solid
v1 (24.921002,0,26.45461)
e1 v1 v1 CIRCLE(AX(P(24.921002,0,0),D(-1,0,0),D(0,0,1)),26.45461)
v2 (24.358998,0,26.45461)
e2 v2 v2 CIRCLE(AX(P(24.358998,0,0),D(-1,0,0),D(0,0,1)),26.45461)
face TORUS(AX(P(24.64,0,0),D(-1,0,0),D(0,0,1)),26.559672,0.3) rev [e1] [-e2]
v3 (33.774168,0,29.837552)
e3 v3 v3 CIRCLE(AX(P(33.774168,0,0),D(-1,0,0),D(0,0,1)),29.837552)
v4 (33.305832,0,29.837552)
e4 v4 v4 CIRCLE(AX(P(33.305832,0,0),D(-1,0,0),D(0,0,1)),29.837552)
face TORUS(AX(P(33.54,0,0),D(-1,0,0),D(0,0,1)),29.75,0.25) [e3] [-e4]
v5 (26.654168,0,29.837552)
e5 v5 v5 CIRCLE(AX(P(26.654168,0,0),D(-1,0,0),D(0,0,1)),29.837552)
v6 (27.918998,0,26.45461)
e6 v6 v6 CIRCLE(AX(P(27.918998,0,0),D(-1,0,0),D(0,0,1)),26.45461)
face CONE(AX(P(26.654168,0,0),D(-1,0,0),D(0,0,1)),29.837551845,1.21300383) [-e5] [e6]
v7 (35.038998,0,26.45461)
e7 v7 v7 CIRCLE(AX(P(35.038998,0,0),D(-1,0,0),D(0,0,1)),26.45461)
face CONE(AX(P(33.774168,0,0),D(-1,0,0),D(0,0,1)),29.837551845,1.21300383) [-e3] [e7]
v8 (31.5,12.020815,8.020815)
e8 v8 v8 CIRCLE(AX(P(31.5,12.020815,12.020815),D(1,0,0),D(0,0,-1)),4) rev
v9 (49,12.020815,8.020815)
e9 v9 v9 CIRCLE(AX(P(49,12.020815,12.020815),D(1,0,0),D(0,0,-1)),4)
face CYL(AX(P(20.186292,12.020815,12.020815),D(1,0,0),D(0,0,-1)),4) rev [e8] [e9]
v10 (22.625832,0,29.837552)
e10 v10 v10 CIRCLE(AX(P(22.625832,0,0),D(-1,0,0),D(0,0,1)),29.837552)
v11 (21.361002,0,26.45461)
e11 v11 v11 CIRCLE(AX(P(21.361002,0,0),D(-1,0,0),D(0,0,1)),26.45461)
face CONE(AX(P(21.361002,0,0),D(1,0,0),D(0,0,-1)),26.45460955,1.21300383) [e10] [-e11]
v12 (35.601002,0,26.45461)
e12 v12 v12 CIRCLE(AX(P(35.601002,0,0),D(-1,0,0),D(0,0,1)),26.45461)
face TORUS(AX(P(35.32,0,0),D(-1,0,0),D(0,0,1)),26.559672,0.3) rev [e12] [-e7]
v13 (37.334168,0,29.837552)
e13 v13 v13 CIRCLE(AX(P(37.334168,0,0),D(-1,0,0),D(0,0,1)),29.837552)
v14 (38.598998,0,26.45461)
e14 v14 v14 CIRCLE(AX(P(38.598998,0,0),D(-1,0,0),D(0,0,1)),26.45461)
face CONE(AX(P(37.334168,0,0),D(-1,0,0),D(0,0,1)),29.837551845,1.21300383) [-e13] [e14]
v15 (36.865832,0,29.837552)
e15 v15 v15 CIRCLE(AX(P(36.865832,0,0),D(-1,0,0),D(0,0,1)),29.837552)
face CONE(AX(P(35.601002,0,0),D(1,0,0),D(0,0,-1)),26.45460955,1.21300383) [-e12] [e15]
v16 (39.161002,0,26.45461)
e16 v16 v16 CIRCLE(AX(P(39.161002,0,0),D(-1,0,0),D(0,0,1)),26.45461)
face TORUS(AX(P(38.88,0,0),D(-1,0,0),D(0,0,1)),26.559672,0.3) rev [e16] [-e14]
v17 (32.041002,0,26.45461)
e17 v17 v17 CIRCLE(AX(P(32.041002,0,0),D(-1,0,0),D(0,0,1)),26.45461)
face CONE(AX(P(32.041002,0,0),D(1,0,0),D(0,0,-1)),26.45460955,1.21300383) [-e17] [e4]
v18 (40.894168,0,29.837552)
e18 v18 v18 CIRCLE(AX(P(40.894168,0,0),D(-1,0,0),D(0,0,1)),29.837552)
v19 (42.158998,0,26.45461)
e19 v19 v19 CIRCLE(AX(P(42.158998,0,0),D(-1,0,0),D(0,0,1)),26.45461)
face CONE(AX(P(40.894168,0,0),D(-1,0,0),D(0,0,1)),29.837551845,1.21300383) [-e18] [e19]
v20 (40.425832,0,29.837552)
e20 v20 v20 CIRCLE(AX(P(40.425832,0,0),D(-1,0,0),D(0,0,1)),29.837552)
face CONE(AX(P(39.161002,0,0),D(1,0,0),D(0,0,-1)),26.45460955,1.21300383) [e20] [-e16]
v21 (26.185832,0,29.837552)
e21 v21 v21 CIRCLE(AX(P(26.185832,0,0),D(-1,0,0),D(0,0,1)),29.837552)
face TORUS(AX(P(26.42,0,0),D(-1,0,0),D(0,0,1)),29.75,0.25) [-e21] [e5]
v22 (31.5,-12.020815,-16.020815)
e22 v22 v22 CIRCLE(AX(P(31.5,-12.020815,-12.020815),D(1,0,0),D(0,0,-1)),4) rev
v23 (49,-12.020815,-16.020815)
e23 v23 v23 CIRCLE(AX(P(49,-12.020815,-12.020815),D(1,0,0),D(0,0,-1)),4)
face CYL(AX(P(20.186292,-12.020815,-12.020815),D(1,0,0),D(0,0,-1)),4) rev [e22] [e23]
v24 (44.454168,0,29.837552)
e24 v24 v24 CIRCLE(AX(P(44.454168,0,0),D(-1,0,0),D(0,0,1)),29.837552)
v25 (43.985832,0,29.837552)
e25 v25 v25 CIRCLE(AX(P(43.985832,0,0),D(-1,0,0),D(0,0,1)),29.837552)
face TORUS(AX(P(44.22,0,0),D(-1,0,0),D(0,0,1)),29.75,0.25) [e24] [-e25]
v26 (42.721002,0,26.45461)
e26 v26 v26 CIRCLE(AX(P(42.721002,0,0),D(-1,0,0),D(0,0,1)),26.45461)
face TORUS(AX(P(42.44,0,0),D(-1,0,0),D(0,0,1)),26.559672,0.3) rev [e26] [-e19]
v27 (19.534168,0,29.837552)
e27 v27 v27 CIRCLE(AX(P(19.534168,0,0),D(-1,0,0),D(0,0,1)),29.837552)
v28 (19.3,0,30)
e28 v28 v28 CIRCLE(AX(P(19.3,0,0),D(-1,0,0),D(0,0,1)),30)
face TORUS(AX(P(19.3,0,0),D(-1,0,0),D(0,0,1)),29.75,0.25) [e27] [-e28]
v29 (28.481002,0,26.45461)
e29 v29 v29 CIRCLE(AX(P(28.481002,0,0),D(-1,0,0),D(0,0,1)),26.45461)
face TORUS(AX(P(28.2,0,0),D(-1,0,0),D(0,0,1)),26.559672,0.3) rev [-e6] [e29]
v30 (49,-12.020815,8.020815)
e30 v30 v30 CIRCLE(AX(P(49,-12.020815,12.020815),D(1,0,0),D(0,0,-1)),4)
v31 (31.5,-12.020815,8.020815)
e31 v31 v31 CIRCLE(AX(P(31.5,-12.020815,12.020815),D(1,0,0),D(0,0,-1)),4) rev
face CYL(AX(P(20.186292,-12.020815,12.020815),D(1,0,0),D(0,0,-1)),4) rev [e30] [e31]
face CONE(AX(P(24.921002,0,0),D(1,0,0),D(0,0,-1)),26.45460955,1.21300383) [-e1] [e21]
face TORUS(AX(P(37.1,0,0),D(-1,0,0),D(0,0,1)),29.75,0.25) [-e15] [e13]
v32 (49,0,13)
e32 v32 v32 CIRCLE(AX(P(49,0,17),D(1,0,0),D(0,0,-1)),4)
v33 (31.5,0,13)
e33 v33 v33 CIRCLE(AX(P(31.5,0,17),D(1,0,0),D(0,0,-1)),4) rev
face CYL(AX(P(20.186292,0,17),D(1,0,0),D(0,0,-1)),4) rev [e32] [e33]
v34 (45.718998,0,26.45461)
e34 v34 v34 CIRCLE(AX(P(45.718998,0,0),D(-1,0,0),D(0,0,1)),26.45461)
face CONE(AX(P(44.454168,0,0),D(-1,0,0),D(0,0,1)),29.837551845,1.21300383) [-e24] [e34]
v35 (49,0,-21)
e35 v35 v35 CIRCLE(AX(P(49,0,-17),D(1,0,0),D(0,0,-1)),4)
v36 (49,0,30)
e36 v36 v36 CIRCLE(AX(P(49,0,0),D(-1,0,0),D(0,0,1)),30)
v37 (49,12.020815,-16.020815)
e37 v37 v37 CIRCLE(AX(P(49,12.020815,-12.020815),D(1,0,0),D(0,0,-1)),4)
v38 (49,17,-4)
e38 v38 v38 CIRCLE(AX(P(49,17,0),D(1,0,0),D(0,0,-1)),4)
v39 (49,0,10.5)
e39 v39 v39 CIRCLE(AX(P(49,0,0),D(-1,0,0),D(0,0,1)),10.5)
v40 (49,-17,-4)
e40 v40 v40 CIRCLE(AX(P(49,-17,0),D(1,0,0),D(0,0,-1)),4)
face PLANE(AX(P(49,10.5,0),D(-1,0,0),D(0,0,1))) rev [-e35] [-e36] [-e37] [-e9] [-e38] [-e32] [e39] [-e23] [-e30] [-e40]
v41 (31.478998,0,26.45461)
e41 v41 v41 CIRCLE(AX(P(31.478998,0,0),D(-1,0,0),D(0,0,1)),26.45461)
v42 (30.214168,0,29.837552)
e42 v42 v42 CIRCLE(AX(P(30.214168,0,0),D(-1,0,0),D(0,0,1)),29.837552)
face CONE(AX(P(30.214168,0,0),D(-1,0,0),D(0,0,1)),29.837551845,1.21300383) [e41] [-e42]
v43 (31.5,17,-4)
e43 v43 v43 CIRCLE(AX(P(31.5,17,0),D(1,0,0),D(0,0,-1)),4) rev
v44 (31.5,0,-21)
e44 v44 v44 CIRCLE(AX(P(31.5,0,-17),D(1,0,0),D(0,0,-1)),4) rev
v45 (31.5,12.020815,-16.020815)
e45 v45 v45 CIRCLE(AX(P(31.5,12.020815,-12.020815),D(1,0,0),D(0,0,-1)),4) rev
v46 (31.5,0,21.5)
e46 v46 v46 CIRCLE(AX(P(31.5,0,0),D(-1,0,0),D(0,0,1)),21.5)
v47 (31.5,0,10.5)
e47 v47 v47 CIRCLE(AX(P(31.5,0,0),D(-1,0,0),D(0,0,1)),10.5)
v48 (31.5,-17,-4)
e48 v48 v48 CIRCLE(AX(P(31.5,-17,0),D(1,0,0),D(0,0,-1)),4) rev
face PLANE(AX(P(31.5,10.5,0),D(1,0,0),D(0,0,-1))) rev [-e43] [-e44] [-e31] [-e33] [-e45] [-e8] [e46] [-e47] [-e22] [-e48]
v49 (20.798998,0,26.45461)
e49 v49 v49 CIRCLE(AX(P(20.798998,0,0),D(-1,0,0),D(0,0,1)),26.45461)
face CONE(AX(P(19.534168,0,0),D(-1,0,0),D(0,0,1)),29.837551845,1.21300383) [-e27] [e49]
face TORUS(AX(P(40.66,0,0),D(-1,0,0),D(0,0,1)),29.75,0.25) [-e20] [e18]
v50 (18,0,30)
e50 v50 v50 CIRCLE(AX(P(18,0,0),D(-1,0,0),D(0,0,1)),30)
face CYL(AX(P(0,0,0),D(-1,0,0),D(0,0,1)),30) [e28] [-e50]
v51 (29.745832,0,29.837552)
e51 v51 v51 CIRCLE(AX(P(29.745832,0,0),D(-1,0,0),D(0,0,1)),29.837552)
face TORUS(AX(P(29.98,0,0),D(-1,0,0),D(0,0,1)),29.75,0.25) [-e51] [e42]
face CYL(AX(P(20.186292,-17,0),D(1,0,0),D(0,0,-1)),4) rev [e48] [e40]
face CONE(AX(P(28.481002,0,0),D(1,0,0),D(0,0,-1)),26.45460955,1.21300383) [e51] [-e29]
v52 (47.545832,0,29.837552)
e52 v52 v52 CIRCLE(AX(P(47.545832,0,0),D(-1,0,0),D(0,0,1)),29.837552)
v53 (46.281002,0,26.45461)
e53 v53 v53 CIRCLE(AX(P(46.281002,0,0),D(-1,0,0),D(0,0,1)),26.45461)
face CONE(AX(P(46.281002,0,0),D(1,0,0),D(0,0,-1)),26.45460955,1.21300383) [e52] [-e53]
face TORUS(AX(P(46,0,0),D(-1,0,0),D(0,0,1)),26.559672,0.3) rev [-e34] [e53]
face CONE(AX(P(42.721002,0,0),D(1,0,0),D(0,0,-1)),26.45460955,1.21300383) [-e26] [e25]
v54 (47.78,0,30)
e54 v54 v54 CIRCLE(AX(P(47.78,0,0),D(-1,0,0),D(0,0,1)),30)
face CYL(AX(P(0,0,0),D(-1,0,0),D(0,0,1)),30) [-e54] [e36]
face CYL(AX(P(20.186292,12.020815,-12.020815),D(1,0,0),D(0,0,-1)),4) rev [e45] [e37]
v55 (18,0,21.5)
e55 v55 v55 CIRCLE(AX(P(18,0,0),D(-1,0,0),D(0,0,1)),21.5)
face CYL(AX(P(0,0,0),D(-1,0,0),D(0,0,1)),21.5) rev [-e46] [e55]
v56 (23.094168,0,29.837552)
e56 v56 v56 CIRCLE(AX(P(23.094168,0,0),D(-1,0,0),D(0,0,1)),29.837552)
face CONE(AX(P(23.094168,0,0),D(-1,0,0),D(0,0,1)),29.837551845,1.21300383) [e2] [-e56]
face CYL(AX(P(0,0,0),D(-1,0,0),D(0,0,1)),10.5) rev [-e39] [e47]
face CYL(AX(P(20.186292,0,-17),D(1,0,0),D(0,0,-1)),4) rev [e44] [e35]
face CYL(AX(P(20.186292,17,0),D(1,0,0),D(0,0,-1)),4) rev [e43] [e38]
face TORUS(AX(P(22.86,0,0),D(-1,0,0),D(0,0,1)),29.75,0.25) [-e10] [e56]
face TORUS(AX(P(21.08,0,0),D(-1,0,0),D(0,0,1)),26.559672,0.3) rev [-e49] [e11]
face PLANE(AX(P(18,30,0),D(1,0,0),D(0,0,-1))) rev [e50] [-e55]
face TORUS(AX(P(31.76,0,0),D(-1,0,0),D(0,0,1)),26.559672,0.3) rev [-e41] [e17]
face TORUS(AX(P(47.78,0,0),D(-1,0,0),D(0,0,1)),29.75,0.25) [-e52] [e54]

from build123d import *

# Parameters (mm, degrees)
LPATTERN1_COUNT    = 8
LPATTERN1_PITCH    = 3.56
SKETCH3_R          = 4
CUT_EXTRUDE1_DEPTH = 17.5


with BuildPart() as part:
    # Sketch1 → Revolve1 (revolve)
    with BuildSketch(Plane.XY, mode=Mode.PRIVATE) as revolve1_sk:
        Polygon((49, 10.5), (49, 30), (18, 30), (18, 21.5), (31.5, 21.5), (31.5, 10.5), align=None)
    revolve(revolve1_sk.sketch.rotate(Axis((0, 0, 0), (1, 0, 0)), 90), axis=Axis((0, 0, 0), (1, 0, 0)))

    # Sketch2 → Cut-Revolve1 (revolve, cut)
    with BuildSketch(Plane.XY, mode=Mode.PRIVATE) as cut_revolve1_sk:
        with BuildLine():
            Line((47.545831953, 29.837551845), (46.281001657, 26.45460955))
            ThreePointArc((46.281001657, 26.45460955), (46, 26.259671764), (45.718998343, 26.45460955))
            Line((45.718998343, 26.45460955), (44.454168047, 29.837551845))
            ThreePointArc((44.454168047, 29.837551845), (44.362499191, 29.955411734), (44.22, 30))
            Line((44.22, 30), (47.78, 30))
            ThreePointArc((47.78, 30), (47.637500809, 29.955411734), (47.545831953, 29.837551845))
        make_face()
    cut_revolve1 = revolve(cut_revolve1_sk.sketch.rotate(Axis((0, 0, 0), (1, 0, 0)), 90), axis=Axis((0, 0, 0), (1, 0, 0)), mode=Mode.SUBTRACT)

    # LPattern1: Cut-Revolve1 ×8
    with Locations(*[(-i * LPATTERN1_PITCH, 0, 0) for i in range(1, LPATTERN1_COUNT)]):
        add(cut_revolve1, mode=Mode.SUBTRACT)

    # Sketch3 → Cut-Extrude1 (cut)
    with BuildSketch(Plane(origin=(49, 0, 0), x_dir=(0, 0, -1), z_dir=(1, 0, 0))):
        with Locations((0, 17)):
            Circle(SKETCH3_R)
        with Locations((12.02081528, 12.02081528)):
            Circle(SKETCH3_R)
        with Locations((17, 0)):
            Circle(SKETCH3_R)
        with Locations((12.02081528, -12.02081528)):
            Circle(SKETCH3_R)
        with Locations((0, -17)):
            Circle(SKETCH3_R)
        with Locations((-12.02081528, -12.02081528)):
            Circle(SKETCH3_R)
        with Locations((-17, 0)):
            Circle(SKETCH3_R)
        with Locations((-12.02081528, 12.02081528)):
            Circle(SKETCH3_R)
    extrude(amount=-CUT_EXTRUDE1_DEPTH, mode=Mode.SUBTRACT)


solid = part.part
